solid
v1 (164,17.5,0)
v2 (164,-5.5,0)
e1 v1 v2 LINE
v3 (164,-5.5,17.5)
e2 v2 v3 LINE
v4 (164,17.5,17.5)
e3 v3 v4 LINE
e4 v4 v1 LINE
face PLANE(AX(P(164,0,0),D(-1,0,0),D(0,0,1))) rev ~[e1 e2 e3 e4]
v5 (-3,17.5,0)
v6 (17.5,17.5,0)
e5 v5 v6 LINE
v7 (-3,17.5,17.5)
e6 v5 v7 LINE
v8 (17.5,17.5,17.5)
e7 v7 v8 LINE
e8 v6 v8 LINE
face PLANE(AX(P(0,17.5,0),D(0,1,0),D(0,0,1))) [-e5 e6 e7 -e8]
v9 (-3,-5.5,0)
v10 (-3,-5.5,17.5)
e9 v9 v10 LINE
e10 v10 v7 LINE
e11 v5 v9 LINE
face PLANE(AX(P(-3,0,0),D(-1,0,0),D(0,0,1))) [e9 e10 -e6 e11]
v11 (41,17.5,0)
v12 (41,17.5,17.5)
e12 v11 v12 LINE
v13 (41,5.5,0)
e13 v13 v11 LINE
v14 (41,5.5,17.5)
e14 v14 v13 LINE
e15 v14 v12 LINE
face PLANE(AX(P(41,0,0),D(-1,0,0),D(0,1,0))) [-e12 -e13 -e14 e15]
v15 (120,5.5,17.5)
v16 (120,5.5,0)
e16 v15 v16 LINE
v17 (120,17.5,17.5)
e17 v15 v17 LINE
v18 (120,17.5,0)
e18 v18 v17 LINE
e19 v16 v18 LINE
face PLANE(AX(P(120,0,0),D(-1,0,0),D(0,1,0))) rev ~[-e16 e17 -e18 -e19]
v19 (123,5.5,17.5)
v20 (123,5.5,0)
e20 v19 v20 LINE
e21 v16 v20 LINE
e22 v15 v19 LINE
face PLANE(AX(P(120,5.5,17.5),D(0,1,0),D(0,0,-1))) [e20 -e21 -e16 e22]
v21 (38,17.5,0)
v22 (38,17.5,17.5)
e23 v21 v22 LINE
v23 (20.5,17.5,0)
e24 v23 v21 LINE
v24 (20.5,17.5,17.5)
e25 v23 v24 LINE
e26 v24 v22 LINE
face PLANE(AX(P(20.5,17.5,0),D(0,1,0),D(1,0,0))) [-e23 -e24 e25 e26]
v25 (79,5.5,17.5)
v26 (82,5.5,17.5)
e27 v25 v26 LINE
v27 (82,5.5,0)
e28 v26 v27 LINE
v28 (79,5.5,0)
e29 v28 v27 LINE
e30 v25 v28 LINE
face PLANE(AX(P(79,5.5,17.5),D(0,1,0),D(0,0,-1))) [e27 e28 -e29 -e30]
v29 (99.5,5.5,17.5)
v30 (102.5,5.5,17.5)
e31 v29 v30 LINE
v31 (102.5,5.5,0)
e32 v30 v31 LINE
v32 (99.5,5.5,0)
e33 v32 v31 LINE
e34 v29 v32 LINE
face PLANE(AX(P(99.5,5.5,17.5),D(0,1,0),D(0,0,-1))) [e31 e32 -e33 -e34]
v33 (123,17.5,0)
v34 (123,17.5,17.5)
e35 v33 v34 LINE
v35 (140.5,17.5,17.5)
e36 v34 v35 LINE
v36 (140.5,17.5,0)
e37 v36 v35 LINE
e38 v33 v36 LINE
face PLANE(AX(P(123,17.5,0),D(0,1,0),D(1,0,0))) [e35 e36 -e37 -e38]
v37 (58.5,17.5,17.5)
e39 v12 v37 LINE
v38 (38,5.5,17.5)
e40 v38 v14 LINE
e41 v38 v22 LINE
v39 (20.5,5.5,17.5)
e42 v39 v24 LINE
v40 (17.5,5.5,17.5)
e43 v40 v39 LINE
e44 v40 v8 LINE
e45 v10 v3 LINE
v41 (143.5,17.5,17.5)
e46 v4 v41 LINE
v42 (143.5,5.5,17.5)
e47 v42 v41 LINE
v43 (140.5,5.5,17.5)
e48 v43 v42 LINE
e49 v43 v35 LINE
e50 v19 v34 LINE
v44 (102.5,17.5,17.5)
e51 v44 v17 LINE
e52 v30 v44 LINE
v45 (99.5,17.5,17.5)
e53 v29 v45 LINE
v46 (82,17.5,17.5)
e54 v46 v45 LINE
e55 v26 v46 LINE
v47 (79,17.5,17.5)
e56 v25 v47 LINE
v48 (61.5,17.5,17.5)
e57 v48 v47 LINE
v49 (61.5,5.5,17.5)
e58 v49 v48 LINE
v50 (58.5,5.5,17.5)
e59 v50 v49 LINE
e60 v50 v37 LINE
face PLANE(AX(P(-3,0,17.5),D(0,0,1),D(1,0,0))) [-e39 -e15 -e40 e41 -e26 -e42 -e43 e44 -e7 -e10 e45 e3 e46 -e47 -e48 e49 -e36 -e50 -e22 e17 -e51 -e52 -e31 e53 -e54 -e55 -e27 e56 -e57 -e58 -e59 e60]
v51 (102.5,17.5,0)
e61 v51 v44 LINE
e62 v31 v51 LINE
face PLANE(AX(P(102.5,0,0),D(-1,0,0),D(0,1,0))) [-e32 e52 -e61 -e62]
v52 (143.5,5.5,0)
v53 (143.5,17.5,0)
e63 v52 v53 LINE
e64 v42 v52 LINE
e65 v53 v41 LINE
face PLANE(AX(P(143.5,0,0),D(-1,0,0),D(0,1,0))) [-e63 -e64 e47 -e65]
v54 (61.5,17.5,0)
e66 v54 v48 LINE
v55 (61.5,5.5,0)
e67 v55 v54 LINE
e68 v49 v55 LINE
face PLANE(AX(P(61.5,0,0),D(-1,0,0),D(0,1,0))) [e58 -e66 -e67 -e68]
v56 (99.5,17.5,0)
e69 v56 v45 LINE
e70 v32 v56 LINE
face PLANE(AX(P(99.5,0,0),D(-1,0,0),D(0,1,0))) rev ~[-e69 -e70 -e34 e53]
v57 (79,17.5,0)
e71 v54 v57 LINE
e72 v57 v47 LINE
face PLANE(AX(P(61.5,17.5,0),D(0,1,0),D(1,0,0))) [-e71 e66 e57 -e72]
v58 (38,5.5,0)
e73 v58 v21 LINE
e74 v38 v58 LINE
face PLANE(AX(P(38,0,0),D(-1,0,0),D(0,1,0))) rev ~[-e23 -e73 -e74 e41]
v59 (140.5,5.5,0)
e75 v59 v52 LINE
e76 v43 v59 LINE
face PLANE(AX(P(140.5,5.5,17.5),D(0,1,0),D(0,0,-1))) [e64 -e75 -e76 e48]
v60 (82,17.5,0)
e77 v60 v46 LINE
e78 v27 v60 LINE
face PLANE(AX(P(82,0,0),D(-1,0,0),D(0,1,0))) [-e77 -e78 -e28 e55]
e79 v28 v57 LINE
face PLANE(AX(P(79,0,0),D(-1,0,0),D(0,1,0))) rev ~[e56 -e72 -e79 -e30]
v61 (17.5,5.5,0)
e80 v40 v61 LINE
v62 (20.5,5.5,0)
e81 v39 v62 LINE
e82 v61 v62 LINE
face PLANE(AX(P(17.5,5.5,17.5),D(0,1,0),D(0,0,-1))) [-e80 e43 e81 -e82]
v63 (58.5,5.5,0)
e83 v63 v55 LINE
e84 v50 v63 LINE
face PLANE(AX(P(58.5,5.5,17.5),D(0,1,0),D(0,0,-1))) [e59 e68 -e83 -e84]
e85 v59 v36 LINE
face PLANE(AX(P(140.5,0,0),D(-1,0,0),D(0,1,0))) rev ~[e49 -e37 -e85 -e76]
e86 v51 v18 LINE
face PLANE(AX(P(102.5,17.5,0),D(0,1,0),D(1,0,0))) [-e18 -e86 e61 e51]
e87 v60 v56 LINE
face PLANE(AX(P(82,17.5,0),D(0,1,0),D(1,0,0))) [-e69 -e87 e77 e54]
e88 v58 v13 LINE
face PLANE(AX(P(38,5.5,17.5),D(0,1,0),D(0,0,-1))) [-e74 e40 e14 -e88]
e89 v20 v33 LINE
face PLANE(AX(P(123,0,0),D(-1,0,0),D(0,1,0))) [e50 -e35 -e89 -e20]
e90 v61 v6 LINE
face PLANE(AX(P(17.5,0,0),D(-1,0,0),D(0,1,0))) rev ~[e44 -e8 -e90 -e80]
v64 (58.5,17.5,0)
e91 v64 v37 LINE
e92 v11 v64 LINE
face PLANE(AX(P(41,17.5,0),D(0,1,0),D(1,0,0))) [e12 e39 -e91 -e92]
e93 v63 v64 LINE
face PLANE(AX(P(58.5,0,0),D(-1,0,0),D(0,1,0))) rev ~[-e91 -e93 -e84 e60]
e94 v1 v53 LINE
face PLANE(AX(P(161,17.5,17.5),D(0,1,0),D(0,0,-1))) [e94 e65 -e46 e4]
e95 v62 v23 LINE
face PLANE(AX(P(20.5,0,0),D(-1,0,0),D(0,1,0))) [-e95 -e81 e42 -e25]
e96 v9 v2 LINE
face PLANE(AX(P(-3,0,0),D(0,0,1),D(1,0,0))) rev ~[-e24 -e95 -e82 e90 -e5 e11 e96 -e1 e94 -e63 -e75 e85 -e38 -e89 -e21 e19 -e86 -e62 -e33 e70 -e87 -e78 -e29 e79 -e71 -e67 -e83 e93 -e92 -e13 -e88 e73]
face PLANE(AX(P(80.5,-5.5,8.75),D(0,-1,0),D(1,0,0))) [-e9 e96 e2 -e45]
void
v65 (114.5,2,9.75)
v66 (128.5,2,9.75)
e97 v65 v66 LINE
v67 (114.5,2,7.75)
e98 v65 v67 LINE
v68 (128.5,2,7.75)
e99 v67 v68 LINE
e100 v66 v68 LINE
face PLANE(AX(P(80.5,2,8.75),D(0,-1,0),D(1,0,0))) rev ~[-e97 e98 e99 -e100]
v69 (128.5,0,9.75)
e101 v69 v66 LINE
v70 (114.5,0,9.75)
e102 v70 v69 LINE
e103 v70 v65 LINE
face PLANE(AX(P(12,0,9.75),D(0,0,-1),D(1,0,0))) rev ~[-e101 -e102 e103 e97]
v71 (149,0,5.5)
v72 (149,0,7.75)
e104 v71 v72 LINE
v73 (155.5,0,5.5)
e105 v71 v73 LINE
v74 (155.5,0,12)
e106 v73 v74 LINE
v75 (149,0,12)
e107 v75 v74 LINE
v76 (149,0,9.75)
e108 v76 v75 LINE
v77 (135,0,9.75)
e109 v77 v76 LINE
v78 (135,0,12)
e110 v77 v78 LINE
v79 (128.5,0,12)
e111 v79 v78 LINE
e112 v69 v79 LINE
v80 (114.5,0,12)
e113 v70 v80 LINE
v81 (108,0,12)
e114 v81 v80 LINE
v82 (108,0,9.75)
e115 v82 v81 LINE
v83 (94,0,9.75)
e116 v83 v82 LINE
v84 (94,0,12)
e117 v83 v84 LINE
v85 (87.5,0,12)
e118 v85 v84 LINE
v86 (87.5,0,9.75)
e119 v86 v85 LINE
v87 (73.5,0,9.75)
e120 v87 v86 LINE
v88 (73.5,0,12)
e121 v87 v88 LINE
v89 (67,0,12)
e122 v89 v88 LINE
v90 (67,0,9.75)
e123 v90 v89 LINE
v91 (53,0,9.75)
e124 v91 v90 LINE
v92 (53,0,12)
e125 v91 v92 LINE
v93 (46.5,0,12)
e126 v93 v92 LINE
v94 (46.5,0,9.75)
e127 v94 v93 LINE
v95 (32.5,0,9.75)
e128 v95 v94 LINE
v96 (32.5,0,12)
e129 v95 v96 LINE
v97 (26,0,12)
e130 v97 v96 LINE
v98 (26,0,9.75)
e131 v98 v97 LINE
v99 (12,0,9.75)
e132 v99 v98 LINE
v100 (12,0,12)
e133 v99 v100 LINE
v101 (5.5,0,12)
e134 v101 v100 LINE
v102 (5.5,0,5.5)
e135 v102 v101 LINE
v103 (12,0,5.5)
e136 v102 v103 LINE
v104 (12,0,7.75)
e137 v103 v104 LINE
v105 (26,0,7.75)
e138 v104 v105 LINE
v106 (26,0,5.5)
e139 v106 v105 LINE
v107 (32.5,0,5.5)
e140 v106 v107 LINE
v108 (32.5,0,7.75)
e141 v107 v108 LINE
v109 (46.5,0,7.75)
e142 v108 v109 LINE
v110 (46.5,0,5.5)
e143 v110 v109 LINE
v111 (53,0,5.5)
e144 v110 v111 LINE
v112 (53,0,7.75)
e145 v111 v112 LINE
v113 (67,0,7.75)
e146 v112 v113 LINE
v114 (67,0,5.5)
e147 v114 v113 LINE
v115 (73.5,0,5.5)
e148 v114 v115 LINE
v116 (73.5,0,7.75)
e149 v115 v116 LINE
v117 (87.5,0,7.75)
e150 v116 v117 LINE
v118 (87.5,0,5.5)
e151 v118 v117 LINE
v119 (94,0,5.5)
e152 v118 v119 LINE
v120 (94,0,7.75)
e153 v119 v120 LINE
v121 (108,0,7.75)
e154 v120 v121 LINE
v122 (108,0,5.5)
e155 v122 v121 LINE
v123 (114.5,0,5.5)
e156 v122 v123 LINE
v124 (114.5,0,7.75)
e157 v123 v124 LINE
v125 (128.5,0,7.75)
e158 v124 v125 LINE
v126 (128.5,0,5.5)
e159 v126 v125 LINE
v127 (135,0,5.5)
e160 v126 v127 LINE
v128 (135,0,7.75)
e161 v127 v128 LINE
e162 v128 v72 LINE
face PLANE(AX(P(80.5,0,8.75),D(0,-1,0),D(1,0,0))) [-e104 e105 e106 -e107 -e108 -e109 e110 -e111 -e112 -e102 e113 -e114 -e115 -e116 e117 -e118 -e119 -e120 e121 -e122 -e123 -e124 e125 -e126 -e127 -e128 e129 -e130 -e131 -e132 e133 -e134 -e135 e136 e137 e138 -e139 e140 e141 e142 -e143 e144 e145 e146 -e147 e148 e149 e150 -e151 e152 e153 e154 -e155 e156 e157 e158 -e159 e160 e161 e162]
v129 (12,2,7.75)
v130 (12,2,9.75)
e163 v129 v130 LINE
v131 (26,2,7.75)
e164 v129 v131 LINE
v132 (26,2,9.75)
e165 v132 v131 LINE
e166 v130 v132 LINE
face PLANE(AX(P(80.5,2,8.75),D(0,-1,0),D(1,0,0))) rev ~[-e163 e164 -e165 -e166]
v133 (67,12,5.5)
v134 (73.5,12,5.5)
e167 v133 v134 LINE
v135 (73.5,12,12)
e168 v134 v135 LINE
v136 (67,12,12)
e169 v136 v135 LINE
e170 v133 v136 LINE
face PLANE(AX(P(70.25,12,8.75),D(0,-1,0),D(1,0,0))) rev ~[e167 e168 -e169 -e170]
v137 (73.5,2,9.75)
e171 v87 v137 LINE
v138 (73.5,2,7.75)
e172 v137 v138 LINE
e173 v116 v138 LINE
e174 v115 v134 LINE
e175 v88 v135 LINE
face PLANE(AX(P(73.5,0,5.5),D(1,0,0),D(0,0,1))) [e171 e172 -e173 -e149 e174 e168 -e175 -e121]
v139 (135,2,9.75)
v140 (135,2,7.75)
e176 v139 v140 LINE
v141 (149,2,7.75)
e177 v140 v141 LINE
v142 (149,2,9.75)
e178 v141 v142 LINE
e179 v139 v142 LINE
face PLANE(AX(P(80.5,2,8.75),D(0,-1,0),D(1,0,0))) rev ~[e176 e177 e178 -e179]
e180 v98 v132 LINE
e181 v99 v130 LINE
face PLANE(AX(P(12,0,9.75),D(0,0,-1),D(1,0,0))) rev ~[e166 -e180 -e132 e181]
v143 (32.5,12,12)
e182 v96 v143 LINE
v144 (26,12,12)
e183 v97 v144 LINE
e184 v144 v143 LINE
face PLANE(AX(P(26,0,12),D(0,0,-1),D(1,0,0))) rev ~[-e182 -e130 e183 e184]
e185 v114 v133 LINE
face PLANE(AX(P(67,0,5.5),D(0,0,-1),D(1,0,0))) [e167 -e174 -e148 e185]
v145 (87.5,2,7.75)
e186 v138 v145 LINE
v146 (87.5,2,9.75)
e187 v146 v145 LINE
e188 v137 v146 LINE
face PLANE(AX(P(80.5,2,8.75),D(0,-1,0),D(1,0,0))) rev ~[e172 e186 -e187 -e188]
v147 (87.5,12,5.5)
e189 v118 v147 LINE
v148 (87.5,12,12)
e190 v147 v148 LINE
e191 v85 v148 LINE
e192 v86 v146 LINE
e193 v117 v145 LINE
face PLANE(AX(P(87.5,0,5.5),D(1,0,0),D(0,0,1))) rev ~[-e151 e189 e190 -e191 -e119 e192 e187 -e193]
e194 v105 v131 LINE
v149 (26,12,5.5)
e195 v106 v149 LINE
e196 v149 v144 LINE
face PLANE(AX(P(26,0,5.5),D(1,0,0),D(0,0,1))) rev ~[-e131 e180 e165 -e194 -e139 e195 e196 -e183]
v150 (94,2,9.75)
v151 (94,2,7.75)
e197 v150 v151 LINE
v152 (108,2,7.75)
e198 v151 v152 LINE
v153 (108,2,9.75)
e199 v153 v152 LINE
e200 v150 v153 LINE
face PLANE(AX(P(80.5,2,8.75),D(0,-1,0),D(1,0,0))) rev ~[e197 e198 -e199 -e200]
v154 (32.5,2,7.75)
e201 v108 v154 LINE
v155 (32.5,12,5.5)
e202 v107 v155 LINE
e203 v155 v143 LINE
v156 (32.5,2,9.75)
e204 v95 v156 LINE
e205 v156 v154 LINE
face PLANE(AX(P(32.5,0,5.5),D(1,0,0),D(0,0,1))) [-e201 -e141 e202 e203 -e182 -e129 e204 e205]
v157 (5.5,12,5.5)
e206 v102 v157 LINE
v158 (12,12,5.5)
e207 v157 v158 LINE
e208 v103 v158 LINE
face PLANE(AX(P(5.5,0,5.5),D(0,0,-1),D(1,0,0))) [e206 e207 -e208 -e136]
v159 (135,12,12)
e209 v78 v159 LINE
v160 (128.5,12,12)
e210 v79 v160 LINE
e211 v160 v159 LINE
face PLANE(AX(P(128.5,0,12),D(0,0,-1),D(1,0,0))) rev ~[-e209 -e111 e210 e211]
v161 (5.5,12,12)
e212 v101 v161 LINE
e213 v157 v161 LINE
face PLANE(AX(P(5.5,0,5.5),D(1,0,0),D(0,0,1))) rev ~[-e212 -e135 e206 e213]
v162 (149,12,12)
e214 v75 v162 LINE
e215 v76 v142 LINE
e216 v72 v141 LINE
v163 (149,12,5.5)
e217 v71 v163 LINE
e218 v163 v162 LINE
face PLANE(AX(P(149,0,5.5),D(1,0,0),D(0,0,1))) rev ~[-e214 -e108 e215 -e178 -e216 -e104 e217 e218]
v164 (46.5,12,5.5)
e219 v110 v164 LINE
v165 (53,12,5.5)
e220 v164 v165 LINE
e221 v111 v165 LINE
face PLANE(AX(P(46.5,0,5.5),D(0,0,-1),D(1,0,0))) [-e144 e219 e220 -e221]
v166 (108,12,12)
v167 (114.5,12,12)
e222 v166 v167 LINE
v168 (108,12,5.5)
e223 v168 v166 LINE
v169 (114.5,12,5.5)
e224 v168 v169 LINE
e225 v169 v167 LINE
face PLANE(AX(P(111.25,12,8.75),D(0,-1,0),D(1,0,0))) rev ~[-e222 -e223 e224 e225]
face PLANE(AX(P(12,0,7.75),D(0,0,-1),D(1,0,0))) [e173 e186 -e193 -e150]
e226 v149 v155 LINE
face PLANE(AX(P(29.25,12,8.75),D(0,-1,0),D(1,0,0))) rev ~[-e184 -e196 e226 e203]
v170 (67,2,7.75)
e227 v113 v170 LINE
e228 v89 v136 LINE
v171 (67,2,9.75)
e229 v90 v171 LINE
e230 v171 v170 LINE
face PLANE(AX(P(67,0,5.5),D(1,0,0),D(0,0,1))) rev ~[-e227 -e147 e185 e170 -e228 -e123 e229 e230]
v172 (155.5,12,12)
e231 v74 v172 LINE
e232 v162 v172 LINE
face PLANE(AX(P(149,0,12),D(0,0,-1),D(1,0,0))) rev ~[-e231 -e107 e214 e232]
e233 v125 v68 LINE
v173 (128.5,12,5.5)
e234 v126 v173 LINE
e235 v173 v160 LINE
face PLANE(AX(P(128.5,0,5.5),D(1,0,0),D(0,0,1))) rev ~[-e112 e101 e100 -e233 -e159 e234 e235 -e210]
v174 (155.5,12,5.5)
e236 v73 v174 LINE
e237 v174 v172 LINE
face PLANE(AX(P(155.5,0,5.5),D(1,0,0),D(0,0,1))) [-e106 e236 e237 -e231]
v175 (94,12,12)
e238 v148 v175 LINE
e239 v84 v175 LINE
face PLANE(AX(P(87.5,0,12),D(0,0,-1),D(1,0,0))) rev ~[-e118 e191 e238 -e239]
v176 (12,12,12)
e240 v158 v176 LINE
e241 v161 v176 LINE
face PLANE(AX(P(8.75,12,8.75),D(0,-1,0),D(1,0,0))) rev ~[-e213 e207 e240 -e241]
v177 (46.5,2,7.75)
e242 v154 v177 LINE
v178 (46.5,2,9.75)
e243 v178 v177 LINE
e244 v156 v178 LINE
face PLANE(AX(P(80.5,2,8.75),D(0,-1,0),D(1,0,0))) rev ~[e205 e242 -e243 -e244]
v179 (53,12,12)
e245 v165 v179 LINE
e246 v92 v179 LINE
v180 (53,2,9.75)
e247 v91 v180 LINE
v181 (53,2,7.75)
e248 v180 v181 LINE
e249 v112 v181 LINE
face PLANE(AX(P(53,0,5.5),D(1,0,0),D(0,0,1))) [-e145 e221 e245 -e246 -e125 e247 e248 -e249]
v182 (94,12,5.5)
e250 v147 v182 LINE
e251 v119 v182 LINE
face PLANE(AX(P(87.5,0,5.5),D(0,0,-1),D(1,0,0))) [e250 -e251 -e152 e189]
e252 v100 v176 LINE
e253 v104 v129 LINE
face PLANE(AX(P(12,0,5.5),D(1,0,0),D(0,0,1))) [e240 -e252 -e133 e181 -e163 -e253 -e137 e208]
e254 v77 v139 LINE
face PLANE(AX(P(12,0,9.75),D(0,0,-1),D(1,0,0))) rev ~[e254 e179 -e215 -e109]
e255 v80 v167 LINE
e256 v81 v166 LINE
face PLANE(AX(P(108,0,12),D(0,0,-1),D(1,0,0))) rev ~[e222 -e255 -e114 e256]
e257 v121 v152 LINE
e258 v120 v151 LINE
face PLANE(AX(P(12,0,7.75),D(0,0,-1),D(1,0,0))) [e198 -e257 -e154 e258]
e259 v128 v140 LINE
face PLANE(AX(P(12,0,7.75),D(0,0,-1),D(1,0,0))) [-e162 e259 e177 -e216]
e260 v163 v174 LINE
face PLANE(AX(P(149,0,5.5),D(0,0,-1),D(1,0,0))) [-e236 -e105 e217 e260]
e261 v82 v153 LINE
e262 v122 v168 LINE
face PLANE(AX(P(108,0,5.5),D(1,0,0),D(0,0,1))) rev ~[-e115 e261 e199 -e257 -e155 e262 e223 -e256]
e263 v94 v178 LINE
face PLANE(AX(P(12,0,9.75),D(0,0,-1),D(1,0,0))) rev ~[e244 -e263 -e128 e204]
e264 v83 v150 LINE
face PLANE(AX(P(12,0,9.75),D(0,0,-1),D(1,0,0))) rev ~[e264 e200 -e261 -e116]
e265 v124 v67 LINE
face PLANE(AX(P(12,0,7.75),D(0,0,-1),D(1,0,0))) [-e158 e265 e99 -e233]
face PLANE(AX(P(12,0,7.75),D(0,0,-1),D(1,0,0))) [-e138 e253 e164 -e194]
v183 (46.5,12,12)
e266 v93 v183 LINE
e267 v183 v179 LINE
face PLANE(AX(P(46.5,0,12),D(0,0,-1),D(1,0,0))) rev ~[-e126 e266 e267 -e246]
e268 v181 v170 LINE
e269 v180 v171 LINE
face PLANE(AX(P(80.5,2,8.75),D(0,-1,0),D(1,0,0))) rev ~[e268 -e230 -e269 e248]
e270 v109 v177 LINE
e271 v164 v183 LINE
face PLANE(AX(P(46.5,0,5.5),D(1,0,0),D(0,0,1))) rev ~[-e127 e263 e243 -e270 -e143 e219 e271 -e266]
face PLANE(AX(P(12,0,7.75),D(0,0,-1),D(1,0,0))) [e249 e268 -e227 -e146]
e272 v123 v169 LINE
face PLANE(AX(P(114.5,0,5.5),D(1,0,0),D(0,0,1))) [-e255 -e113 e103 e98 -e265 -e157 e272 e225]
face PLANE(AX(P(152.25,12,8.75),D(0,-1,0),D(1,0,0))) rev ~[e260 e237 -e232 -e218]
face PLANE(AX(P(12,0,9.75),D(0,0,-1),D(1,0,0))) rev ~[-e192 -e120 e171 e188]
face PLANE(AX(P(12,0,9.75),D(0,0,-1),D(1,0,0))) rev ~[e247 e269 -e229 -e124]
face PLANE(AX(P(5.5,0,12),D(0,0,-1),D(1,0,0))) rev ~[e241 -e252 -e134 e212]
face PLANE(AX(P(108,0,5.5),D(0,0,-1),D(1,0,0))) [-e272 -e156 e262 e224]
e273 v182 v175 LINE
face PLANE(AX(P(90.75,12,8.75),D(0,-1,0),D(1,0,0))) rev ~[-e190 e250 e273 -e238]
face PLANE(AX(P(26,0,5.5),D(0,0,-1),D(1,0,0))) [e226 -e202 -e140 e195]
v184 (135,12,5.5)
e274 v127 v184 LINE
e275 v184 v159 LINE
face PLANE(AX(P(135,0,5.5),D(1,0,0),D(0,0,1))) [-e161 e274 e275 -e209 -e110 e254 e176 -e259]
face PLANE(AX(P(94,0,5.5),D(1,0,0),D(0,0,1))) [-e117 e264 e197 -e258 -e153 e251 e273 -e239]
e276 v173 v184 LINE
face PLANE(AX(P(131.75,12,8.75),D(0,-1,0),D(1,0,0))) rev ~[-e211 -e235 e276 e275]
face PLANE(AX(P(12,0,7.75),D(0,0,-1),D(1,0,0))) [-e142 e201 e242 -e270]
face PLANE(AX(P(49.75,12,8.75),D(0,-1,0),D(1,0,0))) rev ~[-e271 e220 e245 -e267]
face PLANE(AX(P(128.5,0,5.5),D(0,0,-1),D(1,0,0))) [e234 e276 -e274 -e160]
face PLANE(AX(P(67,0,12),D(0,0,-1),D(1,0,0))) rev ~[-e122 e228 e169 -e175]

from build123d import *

# Parameters (mm, degrees)
SKETCH1_W           = 17.5
SKETCH1_H           = 17.5
BOSS_EXTRUDE1_DEPTH = 17.5
SKETCH2_W           = 6.5
SKETCH2_H           = 6.5
CUT_EXTRUDE1_DEPTH  = 12
SKETCH3_W           = 17.5
SKETCH3_H           = 5.5
BOSS_EXTRUDE2_DEPTH = 3
LPATTERN1_COUNT     = 8
LPATTERN1_PITCH     = 20.5
SKETCH4_W           = 17.5
SKETCH4_H           = 12
BOSS_EXTRUDE3_DEPTH = 3
SKETCH5_W           = 17.5
SKETCH5_H           = 17.5
BOSS_EXTRUDE4_DEPTH = 3
SKETCH6_W           = 137
SKETCH6_H           = 2
CUT_EXTRUDE2_DEPTH  = 2
SKETCH7_W           = 167
SKETCH7_H           = 17.5
BOSS_EXTRUDE5_DEPTH = 5.5


with BuildPart() as part:
    # Sketch1 → Boss-Extrude1 (new body)
    with BuildSketch(Plane.XY):
        with Locations((8.75, 8.75)):
            Rectangle(SKETCH1_W, SKETCH1_H)
    extrude(amount=BOSS_EXTRUDE1_DEPTH)

    # Sketch2 → Cut-Extrude1 (cut)
    with BuildSketch(Plane.XZ):
        with Locations((8.75, 8.75)):
            Rectangle(SKETCH2_W, SKETCH2_H)
    extrude(amount=-CUT_EXTRUDE1_DEPTH, mode=Mode.SUBTRACT)

    # Sketch3 → Boss-Extrude2 (add)
    with BuildSketch(Plane(origin=(17.5, 0, 0), x_dir=(0, 0, -1), z_dir=(1, 0, 0))):
        with Locations((-8.75, 2.75)):
            Rectangle(SKETCH3_W, SKETCH3_H)
    extrude(amount=BOSS_EXTRUDE2_DEPTH)


with BuildPart() as lpattern1_1:
    # LPattern1: pattern copy
    add(part.part.moved(Location(Vector(1, 0, 0) * (1 * LPATTERN1_PITCH))))


with BuildPart() as lpattern1_2:
    # LPattern1: pattern copy
    add(part.part.moved(Location(Vector(1, 0, 0) * (2 * LPATTERN1_PITCH))))


with BuildPart() as lpattern1_3:
    # LPattern1: pattern copy
    add(part.part.moved(Location(Vector(1, 0, 0) * (3 * LPATTERN1_PITCH))))


with BuildPart() as lpattern1_4:
    # LPattern1: pattern copy
    add(part.part.moved(Location(Vector(1, 0, 0) * (4 * LPATTERN1_PITCH))))


with BuildPart() as lpattern1_5:
    # LPattern1: pattern copy
    add(part.part.moved(Location(Vector(1, 0, 0) * (5 * LPATTERN1_PITCH))))


with BuildPart() as lpattern1_6:
    # LPattern1: pattern copy
    add(part.part.moved(Location(Vector(1, 0, 0) * (6 * LPATTERN1_PITCH))))


with BuildPart() as lpattern1_7:
    # LPattern1: pattern copy
    add(part.part.moved(Location(Vector(1, 0, 0) * (7 * LPATTERN1_PITCH))))


with BuildPart() as lpattern1_1_1:
    add(lpattern1_1.part)

    # Combine1: union LPattern1_2, LPattern1_3, LPattern1_4, LPattern1_5, part, LPattern1_6, LPattern1_7
    add(lpattern1_2.part)
    add(lpattern1_3.part)
    add(lpattern1_4.part)
    add(lpattern1_5.part)
    add(part.part)
    add(lpattern1_6.part)
    add(lpattern1_7.part)

    # Sketch4 → Boss-Extrude3 (add)
    with BuildSketch(Plane(origin=(161, 0, 0), x_dir=(0, 0, -1), z_dir=(1, 0, 0))):
        with Locations((-8.75, 11.5)):
            Rectangle(SKETCH4_W, SKETCH4_H)
    extrude(amount=BOSS_EXTRUDE3_DEPTH)

    # Sketch5 → Boss-Extrude4 (add)
    with BuildSketch(Plane.ZY):
        with Locations((8.75, 8.75)):
            Rectangle(SKETCH5_W, SKETCH5_H)
    extrude(amount=BOSS_EXTRUDE4_DEPTH)

    # Sketch6 → Cut-Extrude2 (cut)
    with BuildSketch(Plane.XZ):
        with Locations((80.5, 8.75)):
            Rectangle(SKETCH6_W, SKETCH6_H)
    extrude(amount=-CUT_EXTRUDE2_DEPTH, mode=Mode.SUBTRACT)

    # Sketch7 → Boss-Extrude5 (add)
    with BuildSketch(Plane.XZ):
        with Locations((80.5, 8.75)):
            Rectangle(SKETCH7_W, SKETCH7_H)
    extrude(amount=BOSS_EXTRUDE5_DEPTH)


solid = lpattern1_1_1.part
